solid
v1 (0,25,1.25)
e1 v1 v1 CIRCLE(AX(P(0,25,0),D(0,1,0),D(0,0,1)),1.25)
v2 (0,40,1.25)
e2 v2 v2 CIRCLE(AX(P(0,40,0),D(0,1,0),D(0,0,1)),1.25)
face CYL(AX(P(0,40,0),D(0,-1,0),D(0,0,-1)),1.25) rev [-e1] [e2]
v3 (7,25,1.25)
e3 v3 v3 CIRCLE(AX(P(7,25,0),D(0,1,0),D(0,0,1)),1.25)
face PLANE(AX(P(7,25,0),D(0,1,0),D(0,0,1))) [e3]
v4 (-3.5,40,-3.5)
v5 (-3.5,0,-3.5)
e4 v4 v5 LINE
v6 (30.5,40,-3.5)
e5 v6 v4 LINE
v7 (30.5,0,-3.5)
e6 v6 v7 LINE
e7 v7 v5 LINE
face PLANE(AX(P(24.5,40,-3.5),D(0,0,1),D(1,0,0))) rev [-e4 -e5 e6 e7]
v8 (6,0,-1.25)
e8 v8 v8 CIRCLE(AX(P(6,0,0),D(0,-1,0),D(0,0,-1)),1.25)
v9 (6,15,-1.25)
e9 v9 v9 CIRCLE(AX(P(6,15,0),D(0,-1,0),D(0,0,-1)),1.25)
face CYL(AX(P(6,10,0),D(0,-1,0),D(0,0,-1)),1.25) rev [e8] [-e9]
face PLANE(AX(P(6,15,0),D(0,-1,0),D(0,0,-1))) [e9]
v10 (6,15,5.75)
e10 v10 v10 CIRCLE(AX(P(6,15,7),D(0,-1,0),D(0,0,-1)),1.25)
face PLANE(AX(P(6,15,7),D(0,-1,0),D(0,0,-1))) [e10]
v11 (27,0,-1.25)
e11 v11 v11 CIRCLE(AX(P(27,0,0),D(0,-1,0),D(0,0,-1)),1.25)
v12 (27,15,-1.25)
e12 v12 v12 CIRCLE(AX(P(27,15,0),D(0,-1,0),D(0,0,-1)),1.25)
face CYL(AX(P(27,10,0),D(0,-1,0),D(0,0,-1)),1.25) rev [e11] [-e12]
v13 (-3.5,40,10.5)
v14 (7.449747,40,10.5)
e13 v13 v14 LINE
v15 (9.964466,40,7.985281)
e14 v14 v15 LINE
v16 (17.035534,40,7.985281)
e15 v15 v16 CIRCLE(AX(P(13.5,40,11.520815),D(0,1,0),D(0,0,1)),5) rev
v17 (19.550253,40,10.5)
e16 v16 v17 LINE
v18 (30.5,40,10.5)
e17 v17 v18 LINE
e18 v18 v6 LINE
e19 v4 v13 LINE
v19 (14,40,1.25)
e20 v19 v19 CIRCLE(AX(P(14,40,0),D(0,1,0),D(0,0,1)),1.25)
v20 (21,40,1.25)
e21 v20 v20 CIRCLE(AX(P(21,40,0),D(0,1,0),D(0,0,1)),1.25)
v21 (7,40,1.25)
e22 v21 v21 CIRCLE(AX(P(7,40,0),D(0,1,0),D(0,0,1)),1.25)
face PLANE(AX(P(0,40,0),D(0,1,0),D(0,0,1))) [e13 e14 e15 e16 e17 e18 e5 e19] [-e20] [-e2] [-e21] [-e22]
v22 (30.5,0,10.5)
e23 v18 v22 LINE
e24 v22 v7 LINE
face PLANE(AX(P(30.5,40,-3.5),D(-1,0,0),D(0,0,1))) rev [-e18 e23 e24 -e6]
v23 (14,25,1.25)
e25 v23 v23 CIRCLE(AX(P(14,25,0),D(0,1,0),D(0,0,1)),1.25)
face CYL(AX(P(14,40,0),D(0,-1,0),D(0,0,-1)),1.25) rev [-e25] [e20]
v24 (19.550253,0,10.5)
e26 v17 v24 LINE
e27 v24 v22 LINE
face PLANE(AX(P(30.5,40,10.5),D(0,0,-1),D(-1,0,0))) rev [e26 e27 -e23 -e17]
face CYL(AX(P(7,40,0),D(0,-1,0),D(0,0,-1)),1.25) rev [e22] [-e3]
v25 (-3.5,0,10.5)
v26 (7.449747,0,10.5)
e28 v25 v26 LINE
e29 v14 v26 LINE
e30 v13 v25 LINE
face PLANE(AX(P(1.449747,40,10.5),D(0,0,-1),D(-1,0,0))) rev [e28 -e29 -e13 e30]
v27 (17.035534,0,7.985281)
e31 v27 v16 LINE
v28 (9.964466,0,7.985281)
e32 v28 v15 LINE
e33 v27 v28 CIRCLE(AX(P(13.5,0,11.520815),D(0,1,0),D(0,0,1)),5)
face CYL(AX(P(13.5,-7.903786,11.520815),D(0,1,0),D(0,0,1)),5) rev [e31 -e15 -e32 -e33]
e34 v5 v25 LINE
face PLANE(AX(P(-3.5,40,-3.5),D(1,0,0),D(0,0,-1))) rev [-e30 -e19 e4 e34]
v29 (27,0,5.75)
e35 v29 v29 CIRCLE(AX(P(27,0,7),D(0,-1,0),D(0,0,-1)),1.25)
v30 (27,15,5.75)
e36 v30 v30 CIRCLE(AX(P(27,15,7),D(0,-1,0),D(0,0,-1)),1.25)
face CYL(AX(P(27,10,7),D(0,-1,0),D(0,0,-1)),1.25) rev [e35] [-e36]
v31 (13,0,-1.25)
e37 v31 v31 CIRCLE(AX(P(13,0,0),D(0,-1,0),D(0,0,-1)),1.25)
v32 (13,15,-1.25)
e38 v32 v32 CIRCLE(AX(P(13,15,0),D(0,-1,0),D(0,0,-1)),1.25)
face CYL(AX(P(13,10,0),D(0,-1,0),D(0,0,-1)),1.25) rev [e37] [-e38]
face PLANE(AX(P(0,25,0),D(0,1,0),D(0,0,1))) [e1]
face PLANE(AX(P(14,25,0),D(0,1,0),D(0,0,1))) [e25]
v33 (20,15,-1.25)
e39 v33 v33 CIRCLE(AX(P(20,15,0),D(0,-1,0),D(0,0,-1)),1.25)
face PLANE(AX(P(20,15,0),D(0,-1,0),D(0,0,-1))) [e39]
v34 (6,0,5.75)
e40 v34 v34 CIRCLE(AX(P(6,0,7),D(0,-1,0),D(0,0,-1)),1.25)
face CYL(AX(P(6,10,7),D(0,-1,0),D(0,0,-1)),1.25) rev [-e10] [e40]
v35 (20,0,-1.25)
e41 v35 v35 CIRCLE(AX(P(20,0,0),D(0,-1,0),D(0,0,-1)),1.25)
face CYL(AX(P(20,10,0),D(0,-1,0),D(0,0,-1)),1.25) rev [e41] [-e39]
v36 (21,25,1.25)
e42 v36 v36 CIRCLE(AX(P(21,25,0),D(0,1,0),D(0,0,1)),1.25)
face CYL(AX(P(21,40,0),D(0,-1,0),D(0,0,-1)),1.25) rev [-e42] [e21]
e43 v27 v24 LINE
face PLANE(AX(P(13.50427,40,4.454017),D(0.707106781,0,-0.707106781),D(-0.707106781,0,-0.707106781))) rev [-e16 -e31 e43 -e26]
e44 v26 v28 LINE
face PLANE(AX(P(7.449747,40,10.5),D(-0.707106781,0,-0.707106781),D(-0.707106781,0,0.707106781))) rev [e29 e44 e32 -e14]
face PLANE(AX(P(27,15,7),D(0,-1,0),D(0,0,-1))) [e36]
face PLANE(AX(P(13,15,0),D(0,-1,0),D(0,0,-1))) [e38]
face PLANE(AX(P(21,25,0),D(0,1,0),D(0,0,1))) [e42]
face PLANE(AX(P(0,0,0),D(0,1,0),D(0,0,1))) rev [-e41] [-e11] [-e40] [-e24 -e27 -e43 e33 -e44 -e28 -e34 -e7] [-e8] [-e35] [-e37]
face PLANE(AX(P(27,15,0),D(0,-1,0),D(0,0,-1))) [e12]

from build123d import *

# Parameters (mm, degrees)
SKETCH_1_R          = 1.25
EXTRUDE_1_DEPTH     = 40
SKETCH_2_R          = 1.25
EXTRUDE_2_DEPTH     = 30
SKETCH_2_3_R        = 1.25
CUT_EXTRUDE_1_DEPTH = 10
EXTRUDE_START       = -10
EXTRUDE_3_DEPTH     = 10
CUT_EXTRUDE_START   = -15
SKETCH_4_R          = 1.25
CUT_EXTRUDE_2_DEPTH = 15
SKETCH_5_R          = 1.25
CUT_EXTRUDE_3_DEPTH = 15
EXTRUDE_4_DEPTH     = 40


with BuildPart() as part:
    # 草图1 → 凸台-拉伸1 (new body)
    with BuildSketch(Plane(origin=(0, 0, 0), x_dir=(1, 0, 0), z_dir=(0, 1, 0))):
        Polygon((-3.5, 3.5), (-3.5, -10.5), (1.449747468, -10.5), (7.449747468, -10.5), (13.495730206, -4.454017262), (13.504269794, -4.454017262), (19.550252532, -10.5), (24.5, -10.5), (30.5, -10.5), (30.5, 3.5), (24.5, 3.5), align=None)
        with Locations(Location((0, 0, 0), (0, 0, 270))):
            Circle(SKETCH_1_R, mode=Mode.SUBTRACT)
        with Locations(Location((7, 0, 0), (0, 0, 270))):
            Circle(SKETCH_1_R, mode=Mode.SUBTRACT)
        with Locations(Location((14, 0, 0), (0, 0, 270))):
            Circle(SKETCH_1_R, mode=Mode.SUBTRACT)
        with Locations(Location((21, 0, 0), (0, 0, 270))):
            Circle(SKETCH_1_R, mode=Mode.SUBTRACT)
        with Locations(Location((21, -7, 0), (0, 0, 270))):
            Circle(SKETCH_1_R, mode=Mode.SUBTRACT)
        with Locations(Location((0, -7, 0), (0, 0, 270))):
            Circle(SKETCH_1_R, mode=Mode.SUBTRACT)
    extrude(amount=EXTRUDE_1_DEPTH)

    # 草图2 → 凸台-拉伸2 (add)
    with BuildSketch(Plane.XZ):
        with Locations(Location((0, 7, 0), (0, 0, 270))):
            Circle(SKETCH_2_R)
        with Locations(Location((0, 0, 0), (0, 0, 270))):
            Circle(SKETCH_2_R)
        with Locations((6, 0)):
            Circle(SKETCH_2_R)
        with Locations(Location((7, 0, 0), (0, 0, 270))):
            Circle(SKETCH_2_R)
        with Locations((13, 0)):
            Circle(SKETCH_2_R)
        with Locations(Location((14, 0, 0), (0, 0, 270))):
            Circle(SKETCH_2_R)
        with Locations((20, 0)):
            Circle(SKETCH_2_R)
        with Locations(Location((21, 0, 0), (0, 0, 270))):
            Circle(SKETCH_2_R)
        with Locations(Location((21, 7, 0), (0, 0, 270))):
            Circle(SKETCH_2_R)
    extrude(amount=-EXTRUDE_2_DEPTH)

    # 草图2<3> → 切除-拉伸1 (cut)
    with BuildSketch(Plane.XZ):
        with Locations(Location((27, 7, 0), (0, 0, 270))):
            Circle(SKETCH_2_3_R)
        with Locations(Location((27, 0, 0), (0, 0, 270))):
            Circle(SKETCH_2_3_R)
        with Locations(Location((20, 0, 0), (0, 0, 270))):
            Circle(SKETCH_2_3_R)
        with Locations(Location((13, 0, 0), (0, 0, 270))):
            Circle(SKETCH_2_3_R)
        with Locations(Location((6, 0, 0), (0, 0, 270))):
            Circle(SKETCH_2_3_R)
        with Locations(Location((6, 7, 0), (0, 0, 270))):
            Circle(SKETCH_2_3_R)
    extrude(amount=-CUT_EXTRUDE_1_DEPTH, mode=Mode.SUBTRACT)

    # 草图3 → 凸台-拉伸3 (add)
    with BuildSketch(Plane(origin=(0, 40, 0), x_dir=(1, 0, 0), z_dir=(0, 1, 0)).offset(EXTRUDE_START)):
        with BuildLine():
            ThreePointArc((1.124456691, -6.454017262), (0, -5.75), (-1.124456691, -6.454017262))
            Line((-1.124456691, -6.454017262), (1.124456691, -6.454017262))
        make_face()
        with BuildLine():
            Line((1.124456691, -6.454017262), (-1.124456691, -6.454017262))
            ThreePointArc((-1.124456691, -6.454017262), (-0.280115276, -8.218209929), (1.25, -7))
            ThreePointArc((1.25, -7), (1.218209929, -6.719884724), (1.124456691, -6.454017262))
        make_face()
        with BuildLine():
            ThreePointArc((22.25, -7), (22.218209929, -6.719884724), (22.124456691, -6.454017262))
            Line((22.124456691, -6.454017262), (19.875543309, -6.454017262))
            ThreePointArc((19.875543309, -6.454017262), (20.719884724, -8.218209929), (22.25, -7))
        make_face()
        with BuildLine():
            Line((19.875543309, -6.454017262), (22.124456691, -6.454017262))
            ThreePointArc((22.124456691, -6.454017262), (21, -5.75), (19.875543309, -6.454017262))
        make_face()
    extrude(amount=EXTRUDE_3_DEPTH)

    # 草图4 → 切除-拉伸2 (cut)
    with BuildSketch(Plane(origin=(0, 40, 0), x_dir=(1, 0, 0), z_dir=(0, 1, 0)).offset(CUT_EXTRUDE_START)):
        with Locations(Location((21, 0, 0), (0, 0, 270))):
            Circle(SKETCH_4_R)
        with Locations(Location((14, 0, 0), (0, 0, 270))):
            Circle(SKETCH_4_R)
        with Locations(Location((7, 0, 0), (0, 0, 270))):
            Circle(SKETCH_4_R)
        with Locations(Location((0, 0, 0), (0, 0, 270))):
            Circle(SKETCH_4_R)
    extrude(amount=CUT_EXTRUDE_2_DEPTH, mode=Mode.SUBTRACT)

    # 草图5 → 切除-拉伸3 (cut)
    with BuildSketch(Plane.XZ):
        with Locations(Location((6, 7, 0), (0, 0, 270))):
            Circle(SKETCH_5_R)
        with Locations(Location((27, 7, 0), (0, 0, 270))):
            Circle(SKETCH_5_R)
        with Locations(Location((27, 0, 0), (0, 0, 270))):
            Circle(SKETCH_5_R)
        with Locations(Location((20, 0, 0), (0, 0, 270))):
            Circle(SKETCH_5_R)
        with Locations(Location((13, 0, 0), (0, 0, 270))):
            Circle(SKETCH_5_R)
        with Locations(Location((6, 0, 0), (0, 0, 270))):
            Circle(SKETCH_5_R)
    extrude(amount=-CUT_EXTRUDE_3_DEPTH, mode=Mode.SUBTRACT)

    # 草图6 → 凸台-拉伸4 (add)
    with BuildSketch(Plane(origin=(0, 40, 0), x_dir=(1, 0, 0), z_dir=(0, 1, 0))):
        with BuildLine():
            Line((13.504269794, -4.454017262), (13.495730206, -4.454017262))
            Line((13.495730206, -4.454017262), (9.964466094, -7.985281374))
            ThreePointArc((9.964466094, -7.985281374), (13.5, -6.52081528), (17.035533906, -7.985281374))
            Line((17.035533906, -7.985281374), (13.504269794, -4.454017262))
        make_face()
    extrude(amount=-EXTRUDE_4_DEPTH)


solid = part.part
